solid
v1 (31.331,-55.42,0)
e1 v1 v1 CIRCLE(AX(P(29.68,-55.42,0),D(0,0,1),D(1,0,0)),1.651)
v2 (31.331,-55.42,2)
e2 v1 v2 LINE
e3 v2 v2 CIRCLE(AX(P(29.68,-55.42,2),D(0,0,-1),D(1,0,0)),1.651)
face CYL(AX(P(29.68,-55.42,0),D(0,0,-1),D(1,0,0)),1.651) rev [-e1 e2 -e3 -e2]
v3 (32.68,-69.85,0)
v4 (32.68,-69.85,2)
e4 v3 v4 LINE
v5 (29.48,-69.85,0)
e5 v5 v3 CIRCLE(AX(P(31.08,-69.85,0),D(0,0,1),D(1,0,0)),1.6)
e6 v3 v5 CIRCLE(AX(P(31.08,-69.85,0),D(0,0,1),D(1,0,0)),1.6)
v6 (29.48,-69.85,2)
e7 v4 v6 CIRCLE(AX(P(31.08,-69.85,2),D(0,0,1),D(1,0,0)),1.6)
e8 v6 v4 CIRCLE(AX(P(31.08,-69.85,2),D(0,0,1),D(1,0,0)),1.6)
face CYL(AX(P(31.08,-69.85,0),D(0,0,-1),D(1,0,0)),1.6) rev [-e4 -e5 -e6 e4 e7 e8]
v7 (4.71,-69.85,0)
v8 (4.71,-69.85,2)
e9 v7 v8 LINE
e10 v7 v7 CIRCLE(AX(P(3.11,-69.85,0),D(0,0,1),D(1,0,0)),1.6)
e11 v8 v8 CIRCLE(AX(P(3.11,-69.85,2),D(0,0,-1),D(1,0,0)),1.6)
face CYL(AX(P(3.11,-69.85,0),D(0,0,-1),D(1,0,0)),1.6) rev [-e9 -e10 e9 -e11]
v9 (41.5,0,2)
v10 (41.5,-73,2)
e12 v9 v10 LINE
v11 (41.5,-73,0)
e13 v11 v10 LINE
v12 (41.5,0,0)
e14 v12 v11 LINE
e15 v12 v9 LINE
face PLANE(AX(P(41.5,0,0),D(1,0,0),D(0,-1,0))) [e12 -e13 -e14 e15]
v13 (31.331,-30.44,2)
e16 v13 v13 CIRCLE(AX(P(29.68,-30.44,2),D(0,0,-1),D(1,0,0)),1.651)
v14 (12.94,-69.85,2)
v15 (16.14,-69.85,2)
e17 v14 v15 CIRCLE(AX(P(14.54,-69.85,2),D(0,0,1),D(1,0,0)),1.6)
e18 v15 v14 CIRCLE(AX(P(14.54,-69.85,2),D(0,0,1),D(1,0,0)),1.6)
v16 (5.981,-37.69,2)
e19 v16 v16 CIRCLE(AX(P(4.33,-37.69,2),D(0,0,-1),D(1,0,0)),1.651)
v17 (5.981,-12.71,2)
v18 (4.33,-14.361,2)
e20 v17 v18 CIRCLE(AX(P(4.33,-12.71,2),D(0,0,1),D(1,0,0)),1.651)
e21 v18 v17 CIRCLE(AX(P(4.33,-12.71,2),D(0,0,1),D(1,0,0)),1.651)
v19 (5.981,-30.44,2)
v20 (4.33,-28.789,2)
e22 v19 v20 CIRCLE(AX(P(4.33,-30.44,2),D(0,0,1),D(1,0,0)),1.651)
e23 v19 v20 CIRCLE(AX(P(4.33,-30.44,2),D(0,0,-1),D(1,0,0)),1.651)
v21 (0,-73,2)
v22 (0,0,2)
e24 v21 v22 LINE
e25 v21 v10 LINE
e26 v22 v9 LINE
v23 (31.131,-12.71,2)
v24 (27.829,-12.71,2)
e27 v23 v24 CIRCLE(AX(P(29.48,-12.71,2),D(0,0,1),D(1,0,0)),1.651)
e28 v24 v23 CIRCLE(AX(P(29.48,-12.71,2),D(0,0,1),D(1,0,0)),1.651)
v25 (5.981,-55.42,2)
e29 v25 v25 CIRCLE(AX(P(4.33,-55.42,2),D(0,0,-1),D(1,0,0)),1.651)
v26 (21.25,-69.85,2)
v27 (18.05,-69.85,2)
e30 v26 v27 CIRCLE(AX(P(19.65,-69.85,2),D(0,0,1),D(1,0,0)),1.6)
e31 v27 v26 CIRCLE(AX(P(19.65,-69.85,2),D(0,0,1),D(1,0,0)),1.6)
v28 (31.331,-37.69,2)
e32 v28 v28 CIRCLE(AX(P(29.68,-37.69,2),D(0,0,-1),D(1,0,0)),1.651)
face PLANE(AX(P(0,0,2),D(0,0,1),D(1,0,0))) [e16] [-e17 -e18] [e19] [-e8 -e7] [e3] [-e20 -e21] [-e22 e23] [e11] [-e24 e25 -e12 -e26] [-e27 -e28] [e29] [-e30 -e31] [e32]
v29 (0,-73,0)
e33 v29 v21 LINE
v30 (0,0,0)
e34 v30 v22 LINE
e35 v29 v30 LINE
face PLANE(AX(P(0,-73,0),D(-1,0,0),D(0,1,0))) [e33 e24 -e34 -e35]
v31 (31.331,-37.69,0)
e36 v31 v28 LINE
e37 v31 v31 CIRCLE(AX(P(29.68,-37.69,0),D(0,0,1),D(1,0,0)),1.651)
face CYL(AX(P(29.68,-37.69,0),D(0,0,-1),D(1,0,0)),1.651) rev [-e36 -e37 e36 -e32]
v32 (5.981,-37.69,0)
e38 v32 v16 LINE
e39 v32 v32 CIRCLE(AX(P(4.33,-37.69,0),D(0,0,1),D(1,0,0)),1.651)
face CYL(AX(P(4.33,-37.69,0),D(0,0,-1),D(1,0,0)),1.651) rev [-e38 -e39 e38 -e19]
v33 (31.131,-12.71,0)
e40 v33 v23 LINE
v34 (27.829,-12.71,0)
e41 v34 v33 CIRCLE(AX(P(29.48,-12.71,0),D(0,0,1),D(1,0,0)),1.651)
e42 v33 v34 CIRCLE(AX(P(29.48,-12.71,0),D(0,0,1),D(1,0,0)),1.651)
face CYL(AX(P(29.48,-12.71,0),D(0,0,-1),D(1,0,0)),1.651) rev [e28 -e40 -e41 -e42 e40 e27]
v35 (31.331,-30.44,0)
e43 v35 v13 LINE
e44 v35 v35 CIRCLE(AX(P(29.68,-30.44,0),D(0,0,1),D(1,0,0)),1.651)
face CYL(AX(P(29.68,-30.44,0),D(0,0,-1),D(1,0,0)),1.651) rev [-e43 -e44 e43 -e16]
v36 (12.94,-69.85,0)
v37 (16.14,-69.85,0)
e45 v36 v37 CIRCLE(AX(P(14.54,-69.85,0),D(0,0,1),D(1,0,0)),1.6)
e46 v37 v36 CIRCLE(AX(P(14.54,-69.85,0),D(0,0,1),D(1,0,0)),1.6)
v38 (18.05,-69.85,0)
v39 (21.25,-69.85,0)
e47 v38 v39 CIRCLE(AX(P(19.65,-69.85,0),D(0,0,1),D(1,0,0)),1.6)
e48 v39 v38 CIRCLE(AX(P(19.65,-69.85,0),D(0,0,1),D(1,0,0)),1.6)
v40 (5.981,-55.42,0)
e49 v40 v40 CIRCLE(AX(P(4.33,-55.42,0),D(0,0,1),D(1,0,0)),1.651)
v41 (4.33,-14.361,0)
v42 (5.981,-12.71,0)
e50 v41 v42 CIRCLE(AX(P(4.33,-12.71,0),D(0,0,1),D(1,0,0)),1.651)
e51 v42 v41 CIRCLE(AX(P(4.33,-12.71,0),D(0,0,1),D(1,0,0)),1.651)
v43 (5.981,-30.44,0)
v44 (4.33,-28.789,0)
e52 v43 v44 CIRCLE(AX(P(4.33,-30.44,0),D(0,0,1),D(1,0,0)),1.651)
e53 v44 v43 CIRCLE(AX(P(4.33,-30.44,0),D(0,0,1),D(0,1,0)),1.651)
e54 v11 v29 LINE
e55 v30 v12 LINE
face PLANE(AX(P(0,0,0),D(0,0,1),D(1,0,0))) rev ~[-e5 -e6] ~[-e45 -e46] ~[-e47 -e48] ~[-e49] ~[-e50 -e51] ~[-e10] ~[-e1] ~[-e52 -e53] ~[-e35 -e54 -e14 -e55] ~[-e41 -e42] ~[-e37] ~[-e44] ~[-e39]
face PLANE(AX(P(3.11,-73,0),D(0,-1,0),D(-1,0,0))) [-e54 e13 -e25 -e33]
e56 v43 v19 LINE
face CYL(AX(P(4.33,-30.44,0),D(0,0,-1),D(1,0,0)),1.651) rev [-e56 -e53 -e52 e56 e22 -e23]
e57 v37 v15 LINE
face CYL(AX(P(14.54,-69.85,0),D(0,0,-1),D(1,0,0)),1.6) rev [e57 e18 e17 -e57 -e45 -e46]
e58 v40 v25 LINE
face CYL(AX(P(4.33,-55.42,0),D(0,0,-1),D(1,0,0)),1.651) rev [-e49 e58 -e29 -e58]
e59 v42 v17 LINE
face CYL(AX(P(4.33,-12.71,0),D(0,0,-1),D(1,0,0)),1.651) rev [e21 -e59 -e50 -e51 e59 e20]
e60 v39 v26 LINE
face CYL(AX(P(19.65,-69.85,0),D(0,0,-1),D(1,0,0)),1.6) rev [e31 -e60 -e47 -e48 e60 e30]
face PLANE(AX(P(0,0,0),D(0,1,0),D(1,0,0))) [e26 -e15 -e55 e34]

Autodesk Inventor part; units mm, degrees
ref_plane "YZ Plane" through (0, 0, 0) normal (1, 0, 0) x (0, 1, 0)
ref_plane "XZ Plane" through (0, 0, 0) normal (0, 1, 0) x (-1, 0, 0)
ref_plane "XY Plane" through (0, 0, 0) normal (0, 0, 1) x (1, 0, 0)
sketch "Sketch1" plane through (0, 0, 0) normal (0, 0, 1) x (1, 0, 0)
  line L0 (0, 0) -> (41.5, 0)
  line L1 (41.5, 0) -> (41.5, -73)
  line L2 (41.5, -73) -> (0, -73)
  line L3 (0, -73) -> (0, 0)
  line L4 (0, -73) -> (3.11, -73)
  line L5 (0, -73) -> (3.11, -73) construction
  line L6 (3.11, -73) -> (3.11, -69.85)
  line L7 (3.11, -73) -> (6.26, -73) construction
  line L8 (3.11, -69.85) -> (14.54, -69.85)
  line L9 (14.54, -69.85) -> (19.65, -69.85)
  line L10 (19.65, -69.85) -> (31.08, -69.85)
  circle A0 centre (3.11, -69.85) radius 1.6
  circle A1 centre (14.54, -69.85) radius 1.6
  circle A2 centre (19.65, -69.85) radius 1.6
  circle A3 centre (31.08, -69.85) radius 1.6
  line L11 (3.11, -69.85) -> (3.11, -55.42)
  line L12 (3.11, -69.85) -> (17.54, -69.85) construction
  line L13 (0, -73) -> (4.33, -73)
  line L14 (0, -73) -> (4.33, -73) construction
  line L15 (4.33, -73) -> (4.33, -53.49)
  line L16 (3.11, -55.42) -> (6.6479, -55.42)
  circle A4 centre (4.33, -55.42) radius 1.651
  line L17 (4.33, -55.42) -> (4.33, -37.69)
  line L18 (4.33, -55.42) -> (22.06, -55.42) construction
  line L19 (4.33, -55.42) -> (29.68, -55.42)
  line L20 (4.33, -55.42) -> (29.68, -55.42) construction
  circle A5 centre (4.33, -37.69) radius 1.651
  circle A6 centre (29.68, -55.42) radius 1.651
  line L21 (4.33, -37.69) -> (39.0376, -37.69)
  line L22 (29.68, -55.42) -> (29.68, -25.3245)
  circle A7 centre (29.68, -37.69) radius 1.651
  line L23 (4.33, -37.69) -> (4.33, -30.44)
  line L24 (4.33, -37.69) -> (11.58, -37.69) construction
  line L25 (4.33, -30.44) -> (4.33, -12.71)
  line L26 (4.33, -30.44) -> (29.68, -30.44)
  line L27 (4.33, -30.44) -> (29.68, -30.44) construction
  line L28 (4.33, -12.71) -> (29.68, -12.71)
  circle A8 centre (29.48, -12.71) radius 1.651
  circle A9 centre (4.33, -12.71) radius 1.651
  circle A10 centre (4.33, -30.44) radius 1.651
  circle A11 centre (29.68, -30.44) radius 1.651
  dimension "d0" = 41.5
  dimension "d1" = 73
  dimension "d2" = 3.11
  dimension "d3" = 0
  dimension "d4" = 3.15
  dimension "d5" = 90
  dimension "d6" = 11.43
  dimension "d7" = 90
  dimension "d9" = 5.11
  dimension "d10" = 11.43
  dimension "d11" = 180
  dimension "d12" = 3.2
  dimension "d13" = 3.2
  dimension "d14" = 3.2
  dimension "d15" = 3.2
  dimension "d18" = 14.43
  dimension "d19" = 90
  dimension "d20" = 4.33
  dimension "d21" = 0
  dimension "d22" = 3.302
  dimension "d23" = 17.73
  dimension "d24" = 90
  dimension "d25" = 25.35
  dimension "d26" = 0
  dimension "d27" = 3.302
  dimension "d28" = 3.302
  dimension "d29" = 3.302
  dimension "d30" = 7.25
  dimension "d31" = 90
  dimension "d32" = 17.73
  dimension "d33" = 180
  dimension "d34" = 25.35
  dimension "d35" = 0
  dimension "d36" = 25.35
  dimension "d37" = 3.302
  dimension "d38" = 3.302
  dimension "d39" = 3.302
  dimension "d40" = 3.302
extrude "Extrusion2" add sketch "Sketch1" along normal blind 2 contours L0 L1 L2 L15 A0 A4 L16 L19 A6 L22 A7 A11 L26 A10 L23 A5 L17 L11 L6 L3 | L6 A0 L15 L2 | L11 A4 L15 A0 | L15 L17 A5 L21 A7 L22 A6 L19 L16 A4 | L23 A10 L26 A11 L22 A7 L21 A5
properties part number "mountPCB"
